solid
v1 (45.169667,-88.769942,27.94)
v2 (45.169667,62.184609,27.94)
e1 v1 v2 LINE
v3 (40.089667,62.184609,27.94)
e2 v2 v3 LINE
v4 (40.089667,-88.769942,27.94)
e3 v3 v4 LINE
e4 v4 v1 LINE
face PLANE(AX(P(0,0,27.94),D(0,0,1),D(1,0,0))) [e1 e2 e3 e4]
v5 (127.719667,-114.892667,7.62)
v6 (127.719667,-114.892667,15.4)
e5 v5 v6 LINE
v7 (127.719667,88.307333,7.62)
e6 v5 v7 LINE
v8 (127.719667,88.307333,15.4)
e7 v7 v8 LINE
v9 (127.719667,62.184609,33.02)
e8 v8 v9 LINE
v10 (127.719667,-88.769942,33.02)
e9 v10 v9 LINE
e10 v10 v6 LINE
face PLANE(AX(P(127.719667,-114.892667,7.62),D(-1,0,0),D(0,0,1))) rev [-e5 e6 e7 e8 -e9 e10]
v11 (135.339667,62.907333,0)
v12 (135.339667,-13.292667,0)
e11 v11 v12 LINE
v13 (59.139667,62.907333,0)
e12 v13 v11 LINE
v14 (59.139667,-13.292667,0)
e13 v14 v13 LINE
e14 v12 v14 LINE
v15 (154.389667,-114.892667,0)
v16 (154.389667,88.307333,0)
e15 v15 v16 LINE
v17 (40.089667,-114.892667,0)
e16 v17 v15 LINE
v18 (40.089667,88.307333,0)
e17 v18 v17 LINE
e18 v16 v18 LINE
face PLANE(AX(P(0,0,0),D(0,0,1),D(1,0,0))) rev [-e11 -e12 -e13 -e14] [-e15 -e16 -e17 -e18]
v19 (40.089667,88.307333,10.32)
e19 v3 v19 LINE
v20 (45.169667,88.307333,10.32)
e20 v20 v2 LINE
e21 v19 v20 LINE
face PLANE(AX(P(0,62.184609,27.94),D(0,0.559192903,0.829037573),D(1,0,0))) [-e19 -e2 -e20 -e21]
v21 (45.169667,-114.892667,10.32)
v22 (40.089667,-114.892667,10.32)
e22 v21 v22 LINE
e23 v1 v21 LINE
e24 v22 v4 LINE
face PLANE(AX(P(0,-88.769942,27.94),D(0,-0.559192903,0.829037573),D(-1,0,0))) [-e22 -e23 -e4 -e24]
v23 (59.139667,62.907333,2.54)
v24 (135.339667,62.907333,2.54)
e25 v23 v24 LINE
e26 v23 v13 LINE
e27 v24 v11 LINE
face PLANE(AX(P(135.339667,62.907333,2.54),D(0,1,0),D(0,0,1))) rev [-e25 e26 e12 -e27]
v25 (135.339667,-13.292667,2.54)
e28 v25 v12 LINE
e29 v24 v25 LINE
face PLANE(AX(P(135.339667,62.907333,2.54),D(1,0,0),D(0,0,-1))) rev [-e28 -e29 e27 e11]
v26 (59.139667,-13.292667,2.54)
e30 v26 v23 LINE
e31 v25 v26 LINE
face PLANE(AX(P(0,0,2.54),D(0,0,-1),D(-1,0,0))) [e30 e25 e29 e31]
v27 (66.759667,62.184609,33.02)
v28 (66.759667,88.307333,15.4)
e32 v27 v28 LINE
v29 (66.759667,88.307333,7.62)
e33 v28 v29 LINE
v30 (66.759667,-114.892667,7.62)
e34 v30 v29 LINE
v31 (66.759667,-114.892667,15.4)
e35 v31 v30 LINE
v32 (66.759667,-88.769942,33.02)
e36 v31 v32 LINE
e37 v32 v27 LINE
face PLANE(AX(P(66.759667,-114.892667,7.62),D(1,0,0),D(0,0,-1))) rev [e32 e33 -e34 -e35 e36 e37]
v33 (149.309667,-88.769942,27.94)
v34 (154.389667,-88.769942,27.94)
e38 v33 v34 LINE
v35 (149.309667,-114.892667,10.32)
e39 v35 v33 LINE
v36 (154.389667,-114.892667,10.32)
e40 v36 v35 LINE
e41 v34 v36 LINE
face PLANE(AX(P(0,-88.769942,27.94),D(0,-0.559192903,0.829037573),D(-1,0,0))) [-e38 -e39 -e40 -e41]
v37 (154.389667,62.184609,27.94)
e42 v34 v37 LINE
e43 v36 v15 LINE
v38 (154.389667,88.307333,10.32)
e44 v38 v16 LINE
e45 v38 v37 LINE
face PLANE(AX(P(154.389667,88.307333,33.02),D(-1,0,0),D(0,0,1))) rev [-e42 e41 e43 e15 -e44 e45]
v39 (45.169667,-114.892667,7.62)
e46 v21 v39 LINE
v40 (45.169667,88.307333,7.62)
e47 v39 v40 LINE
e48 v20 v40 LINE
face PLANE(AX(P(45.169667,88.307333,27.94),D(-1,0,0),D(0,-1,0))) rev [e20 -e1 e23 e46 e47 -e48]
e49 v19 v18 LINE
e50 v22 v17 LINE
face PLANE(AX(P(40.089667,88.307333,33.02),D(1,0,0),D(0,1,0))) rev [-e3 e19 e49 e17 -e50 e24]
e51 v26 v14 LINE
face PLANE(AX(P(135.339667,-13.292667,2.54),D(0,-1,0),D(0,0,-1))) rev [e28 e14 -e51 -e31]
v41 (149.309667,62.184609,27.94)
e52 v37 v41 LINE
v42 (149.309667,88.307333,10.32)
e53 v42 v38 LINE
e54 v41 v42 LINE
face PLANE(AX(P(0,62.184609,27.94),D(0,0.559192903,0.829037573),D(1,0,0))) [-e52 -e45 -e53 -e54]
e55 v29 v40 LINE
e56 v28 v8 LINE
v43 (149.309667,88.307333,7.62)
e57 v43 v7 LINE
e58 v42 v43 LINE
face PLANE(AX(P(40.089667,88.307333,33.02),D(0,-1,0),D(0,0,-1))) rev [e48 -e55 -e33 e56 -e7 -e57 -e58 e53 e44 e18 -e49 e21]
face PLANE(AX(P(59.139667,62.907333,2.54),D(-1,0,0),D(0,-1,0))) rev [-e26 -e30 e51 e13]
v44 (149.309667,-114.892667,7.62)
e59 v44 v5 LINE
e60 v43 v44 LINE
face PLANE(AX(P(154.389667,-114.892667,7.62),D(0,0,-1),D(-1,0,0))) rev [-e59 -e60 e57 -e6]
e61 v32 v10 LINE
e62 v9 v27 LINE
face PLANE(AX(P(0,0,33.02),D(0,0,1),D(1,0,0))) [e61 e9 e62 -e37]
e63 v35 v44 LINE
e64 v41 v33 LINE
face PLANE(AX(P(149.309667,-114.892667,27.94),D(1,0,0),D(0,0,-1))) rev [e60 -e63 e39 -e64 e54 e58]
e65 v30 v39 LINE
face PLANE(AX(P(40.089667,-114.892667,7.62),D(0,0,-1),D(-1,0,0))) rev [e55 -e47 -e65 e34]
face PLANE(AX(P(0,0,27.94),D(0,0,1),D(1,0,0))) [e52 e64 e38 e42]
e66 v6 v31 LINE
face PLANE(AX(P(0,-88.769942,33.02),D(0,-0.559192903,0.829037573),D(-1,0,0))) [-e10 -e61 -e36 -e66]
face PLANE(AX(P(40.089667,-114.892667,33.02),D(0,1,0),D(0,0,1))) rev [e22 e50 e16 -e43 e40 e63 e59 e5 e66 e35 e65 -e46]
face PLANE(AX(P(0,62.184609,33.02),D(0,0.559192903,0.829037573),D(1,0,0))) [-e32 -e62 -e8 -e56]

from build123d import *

# Parameters (mm, degrees)
SKETCH1_W             = 114.3
SKETCH1_H             = 203.2
BOSS_EXTRUDE1_DEPTH   = 33.02
SKETCH2_W             = 26.67
SKETCH2_H             = 25.4
CUT_EXTRUDE1_DEPTH    = 204.2
CHAMFER1_SIZE         = 17.62
CHAMFER1_SIZE2        = 26.122724265
CHAMFER1_PART_2_SIZE  = 17.62
CHAMFER1_PART_2_SIZE2 = 26.122724265
SKETCH3_W             = 5.08
SKETCH3_H             = 203.2
BOSS_EXTRUDE2_DEPTH   = 20.32
CHAMFER2_SIZE         = 17.62
CHAMFER2_SIZE2        = 26.122724265
CHAMFER2_PART_2_SIZE  = 17.62
CHAMFER2_PART_2_SIZE2 = 26.122724265
SKETCH5_W             = 76.2
SKETCH5_H             = 76.2
CUT_EXTRUDE2_DEPTH    = 2.54


with BuildPart() as part:
    # Sketch1 → Boss-Extrude1 (new body)
    with BuildSketch(Plane.XY):
        with Locations((97.239666667, -13.292666667)):
            Rectangle(SKETCH1_W, SKETCH1_H)
    extrude(amount=BOSS_EXTRUDE1_DEPTH)

    # Sketch2 → Cut-Extrude1 (cut, through all)
    with BuildSketch(Plane(origin=(0, 88.307333333, 0), x_dir=(1, 0, 0), z_dir=(0, 1, 0))):
        with Locations((53.424666667, -20.32)):
            Rectangle(SKETCH2_W, SKETCH2_H)
        with Locations((141.054666667, -20.32)):
            Rectangle(SKETCH2_W, SKETCH2_H)
    extrude(amount=-CUT_EXTRUDE1_DEPTH, mode=Mode.SUBTRACT)

    # Chamfer1
    chamfer1_edges = [part.edges().sort_by_distance(p)[0] for p in [
        (97.239666667, -114.892666667, 33.02),
    ]]
    chamfer1_side = [part.faces().sort_by_distance(p)[0] for p in [
        (97.239666667, -114.892666667, 14.3764),
    ]]
    chamfer(chamfer1_edges, length=CHAMFER1_SIZE, length2=CHAMFER1_SIZE2, reference=chamfer1_side[0])

    # Chamfer1 part 2
    chamfer1_part_2_edges = [part.edges().sort_by_distance(p)[0] for p in [
        (97.239666667, 88.307333333, 33.02),
    ]]
    chamfer1_part_2_side = [part.faces().sort_by_distance(p)[0] for p in [
        (97.239666667, 88.307333333, 14.3764),
    ]]
    chamfer(chamfer1_part_2_edges, length=CHAMFER1_PART_2_SIZE, length2=CHAMFER1_PART_2_SIZE2, reference=chamfer1_part_2_side[0])

    # Sketch3 → Boss-Extrude2 (add)
    with BuildSketch(Plane.XY.offset(7.62)):
        with Locations((42.629666667, -13.292666667)):
            Rectangle(SKETCH3_W, SKETCH3_H)
        with Locations((151.849666667, -13.292666667)):
            Rectangle(SKETCH3_W, SKETCH3_H)
    extrude(amount=BOSS_EXTRUDE2_DEPTH)

    # Chamfer2
    chamfer2_edges = [part.edges().sort_by_distance(p)[0] for p in [
        (42.629666667, -114.892666667, 27.94),
        (151.849666667, -114.892666667, 27.94),
    ]]
    chamfer2_side = [part.faces().sort_by_distance(p)[0] for p in [
        (97.239666667, -114.892666667, 8.022187919),
    ]]
    chamfer(chamfer2_edges, length=CHAMFER2_SIZE, length2=CHAMFER2_SIZE2, reference=chamfer2_side[0])

    # Chamfer2 part 2
    chamfer2_part_2_edges = [part.edges().sort_by_distance(p)[0] for p in [
        (42.629666667, 88.307333333, 27.94),
        (151.849666667, 88.307333333, 27.94),
    ]]
    chamfer2_part_2_side = [part.faces().sort_by_distance(p)[0] for p in [
        (97.239666667, 88.307333333, 8.022187919),
    ]]
    chamfer(chamfer2_part_2_edges, length=CHAMFER2_PART_2_SIZE, length2=CHAMFER2_PART_2_SIZE2, reference=chamfer2_part_2_side[0])

    # Sketch5 → Cut-Extrude2 (cut)
    with BuildSketch(Plane(origin=(0, 0, 0), x_dir=(-1, 0, 0), z_dir=(0, 0, -1))):
        with Locations((-97.239666667, 24.807333333)):
            Rectangle(SKETCH5_W, SKETCH5_H)
    extrude(amount=-CUT_EXTRUDE2_DEPTH, mode=Mode.SUBTRACT)


solid = part.part
